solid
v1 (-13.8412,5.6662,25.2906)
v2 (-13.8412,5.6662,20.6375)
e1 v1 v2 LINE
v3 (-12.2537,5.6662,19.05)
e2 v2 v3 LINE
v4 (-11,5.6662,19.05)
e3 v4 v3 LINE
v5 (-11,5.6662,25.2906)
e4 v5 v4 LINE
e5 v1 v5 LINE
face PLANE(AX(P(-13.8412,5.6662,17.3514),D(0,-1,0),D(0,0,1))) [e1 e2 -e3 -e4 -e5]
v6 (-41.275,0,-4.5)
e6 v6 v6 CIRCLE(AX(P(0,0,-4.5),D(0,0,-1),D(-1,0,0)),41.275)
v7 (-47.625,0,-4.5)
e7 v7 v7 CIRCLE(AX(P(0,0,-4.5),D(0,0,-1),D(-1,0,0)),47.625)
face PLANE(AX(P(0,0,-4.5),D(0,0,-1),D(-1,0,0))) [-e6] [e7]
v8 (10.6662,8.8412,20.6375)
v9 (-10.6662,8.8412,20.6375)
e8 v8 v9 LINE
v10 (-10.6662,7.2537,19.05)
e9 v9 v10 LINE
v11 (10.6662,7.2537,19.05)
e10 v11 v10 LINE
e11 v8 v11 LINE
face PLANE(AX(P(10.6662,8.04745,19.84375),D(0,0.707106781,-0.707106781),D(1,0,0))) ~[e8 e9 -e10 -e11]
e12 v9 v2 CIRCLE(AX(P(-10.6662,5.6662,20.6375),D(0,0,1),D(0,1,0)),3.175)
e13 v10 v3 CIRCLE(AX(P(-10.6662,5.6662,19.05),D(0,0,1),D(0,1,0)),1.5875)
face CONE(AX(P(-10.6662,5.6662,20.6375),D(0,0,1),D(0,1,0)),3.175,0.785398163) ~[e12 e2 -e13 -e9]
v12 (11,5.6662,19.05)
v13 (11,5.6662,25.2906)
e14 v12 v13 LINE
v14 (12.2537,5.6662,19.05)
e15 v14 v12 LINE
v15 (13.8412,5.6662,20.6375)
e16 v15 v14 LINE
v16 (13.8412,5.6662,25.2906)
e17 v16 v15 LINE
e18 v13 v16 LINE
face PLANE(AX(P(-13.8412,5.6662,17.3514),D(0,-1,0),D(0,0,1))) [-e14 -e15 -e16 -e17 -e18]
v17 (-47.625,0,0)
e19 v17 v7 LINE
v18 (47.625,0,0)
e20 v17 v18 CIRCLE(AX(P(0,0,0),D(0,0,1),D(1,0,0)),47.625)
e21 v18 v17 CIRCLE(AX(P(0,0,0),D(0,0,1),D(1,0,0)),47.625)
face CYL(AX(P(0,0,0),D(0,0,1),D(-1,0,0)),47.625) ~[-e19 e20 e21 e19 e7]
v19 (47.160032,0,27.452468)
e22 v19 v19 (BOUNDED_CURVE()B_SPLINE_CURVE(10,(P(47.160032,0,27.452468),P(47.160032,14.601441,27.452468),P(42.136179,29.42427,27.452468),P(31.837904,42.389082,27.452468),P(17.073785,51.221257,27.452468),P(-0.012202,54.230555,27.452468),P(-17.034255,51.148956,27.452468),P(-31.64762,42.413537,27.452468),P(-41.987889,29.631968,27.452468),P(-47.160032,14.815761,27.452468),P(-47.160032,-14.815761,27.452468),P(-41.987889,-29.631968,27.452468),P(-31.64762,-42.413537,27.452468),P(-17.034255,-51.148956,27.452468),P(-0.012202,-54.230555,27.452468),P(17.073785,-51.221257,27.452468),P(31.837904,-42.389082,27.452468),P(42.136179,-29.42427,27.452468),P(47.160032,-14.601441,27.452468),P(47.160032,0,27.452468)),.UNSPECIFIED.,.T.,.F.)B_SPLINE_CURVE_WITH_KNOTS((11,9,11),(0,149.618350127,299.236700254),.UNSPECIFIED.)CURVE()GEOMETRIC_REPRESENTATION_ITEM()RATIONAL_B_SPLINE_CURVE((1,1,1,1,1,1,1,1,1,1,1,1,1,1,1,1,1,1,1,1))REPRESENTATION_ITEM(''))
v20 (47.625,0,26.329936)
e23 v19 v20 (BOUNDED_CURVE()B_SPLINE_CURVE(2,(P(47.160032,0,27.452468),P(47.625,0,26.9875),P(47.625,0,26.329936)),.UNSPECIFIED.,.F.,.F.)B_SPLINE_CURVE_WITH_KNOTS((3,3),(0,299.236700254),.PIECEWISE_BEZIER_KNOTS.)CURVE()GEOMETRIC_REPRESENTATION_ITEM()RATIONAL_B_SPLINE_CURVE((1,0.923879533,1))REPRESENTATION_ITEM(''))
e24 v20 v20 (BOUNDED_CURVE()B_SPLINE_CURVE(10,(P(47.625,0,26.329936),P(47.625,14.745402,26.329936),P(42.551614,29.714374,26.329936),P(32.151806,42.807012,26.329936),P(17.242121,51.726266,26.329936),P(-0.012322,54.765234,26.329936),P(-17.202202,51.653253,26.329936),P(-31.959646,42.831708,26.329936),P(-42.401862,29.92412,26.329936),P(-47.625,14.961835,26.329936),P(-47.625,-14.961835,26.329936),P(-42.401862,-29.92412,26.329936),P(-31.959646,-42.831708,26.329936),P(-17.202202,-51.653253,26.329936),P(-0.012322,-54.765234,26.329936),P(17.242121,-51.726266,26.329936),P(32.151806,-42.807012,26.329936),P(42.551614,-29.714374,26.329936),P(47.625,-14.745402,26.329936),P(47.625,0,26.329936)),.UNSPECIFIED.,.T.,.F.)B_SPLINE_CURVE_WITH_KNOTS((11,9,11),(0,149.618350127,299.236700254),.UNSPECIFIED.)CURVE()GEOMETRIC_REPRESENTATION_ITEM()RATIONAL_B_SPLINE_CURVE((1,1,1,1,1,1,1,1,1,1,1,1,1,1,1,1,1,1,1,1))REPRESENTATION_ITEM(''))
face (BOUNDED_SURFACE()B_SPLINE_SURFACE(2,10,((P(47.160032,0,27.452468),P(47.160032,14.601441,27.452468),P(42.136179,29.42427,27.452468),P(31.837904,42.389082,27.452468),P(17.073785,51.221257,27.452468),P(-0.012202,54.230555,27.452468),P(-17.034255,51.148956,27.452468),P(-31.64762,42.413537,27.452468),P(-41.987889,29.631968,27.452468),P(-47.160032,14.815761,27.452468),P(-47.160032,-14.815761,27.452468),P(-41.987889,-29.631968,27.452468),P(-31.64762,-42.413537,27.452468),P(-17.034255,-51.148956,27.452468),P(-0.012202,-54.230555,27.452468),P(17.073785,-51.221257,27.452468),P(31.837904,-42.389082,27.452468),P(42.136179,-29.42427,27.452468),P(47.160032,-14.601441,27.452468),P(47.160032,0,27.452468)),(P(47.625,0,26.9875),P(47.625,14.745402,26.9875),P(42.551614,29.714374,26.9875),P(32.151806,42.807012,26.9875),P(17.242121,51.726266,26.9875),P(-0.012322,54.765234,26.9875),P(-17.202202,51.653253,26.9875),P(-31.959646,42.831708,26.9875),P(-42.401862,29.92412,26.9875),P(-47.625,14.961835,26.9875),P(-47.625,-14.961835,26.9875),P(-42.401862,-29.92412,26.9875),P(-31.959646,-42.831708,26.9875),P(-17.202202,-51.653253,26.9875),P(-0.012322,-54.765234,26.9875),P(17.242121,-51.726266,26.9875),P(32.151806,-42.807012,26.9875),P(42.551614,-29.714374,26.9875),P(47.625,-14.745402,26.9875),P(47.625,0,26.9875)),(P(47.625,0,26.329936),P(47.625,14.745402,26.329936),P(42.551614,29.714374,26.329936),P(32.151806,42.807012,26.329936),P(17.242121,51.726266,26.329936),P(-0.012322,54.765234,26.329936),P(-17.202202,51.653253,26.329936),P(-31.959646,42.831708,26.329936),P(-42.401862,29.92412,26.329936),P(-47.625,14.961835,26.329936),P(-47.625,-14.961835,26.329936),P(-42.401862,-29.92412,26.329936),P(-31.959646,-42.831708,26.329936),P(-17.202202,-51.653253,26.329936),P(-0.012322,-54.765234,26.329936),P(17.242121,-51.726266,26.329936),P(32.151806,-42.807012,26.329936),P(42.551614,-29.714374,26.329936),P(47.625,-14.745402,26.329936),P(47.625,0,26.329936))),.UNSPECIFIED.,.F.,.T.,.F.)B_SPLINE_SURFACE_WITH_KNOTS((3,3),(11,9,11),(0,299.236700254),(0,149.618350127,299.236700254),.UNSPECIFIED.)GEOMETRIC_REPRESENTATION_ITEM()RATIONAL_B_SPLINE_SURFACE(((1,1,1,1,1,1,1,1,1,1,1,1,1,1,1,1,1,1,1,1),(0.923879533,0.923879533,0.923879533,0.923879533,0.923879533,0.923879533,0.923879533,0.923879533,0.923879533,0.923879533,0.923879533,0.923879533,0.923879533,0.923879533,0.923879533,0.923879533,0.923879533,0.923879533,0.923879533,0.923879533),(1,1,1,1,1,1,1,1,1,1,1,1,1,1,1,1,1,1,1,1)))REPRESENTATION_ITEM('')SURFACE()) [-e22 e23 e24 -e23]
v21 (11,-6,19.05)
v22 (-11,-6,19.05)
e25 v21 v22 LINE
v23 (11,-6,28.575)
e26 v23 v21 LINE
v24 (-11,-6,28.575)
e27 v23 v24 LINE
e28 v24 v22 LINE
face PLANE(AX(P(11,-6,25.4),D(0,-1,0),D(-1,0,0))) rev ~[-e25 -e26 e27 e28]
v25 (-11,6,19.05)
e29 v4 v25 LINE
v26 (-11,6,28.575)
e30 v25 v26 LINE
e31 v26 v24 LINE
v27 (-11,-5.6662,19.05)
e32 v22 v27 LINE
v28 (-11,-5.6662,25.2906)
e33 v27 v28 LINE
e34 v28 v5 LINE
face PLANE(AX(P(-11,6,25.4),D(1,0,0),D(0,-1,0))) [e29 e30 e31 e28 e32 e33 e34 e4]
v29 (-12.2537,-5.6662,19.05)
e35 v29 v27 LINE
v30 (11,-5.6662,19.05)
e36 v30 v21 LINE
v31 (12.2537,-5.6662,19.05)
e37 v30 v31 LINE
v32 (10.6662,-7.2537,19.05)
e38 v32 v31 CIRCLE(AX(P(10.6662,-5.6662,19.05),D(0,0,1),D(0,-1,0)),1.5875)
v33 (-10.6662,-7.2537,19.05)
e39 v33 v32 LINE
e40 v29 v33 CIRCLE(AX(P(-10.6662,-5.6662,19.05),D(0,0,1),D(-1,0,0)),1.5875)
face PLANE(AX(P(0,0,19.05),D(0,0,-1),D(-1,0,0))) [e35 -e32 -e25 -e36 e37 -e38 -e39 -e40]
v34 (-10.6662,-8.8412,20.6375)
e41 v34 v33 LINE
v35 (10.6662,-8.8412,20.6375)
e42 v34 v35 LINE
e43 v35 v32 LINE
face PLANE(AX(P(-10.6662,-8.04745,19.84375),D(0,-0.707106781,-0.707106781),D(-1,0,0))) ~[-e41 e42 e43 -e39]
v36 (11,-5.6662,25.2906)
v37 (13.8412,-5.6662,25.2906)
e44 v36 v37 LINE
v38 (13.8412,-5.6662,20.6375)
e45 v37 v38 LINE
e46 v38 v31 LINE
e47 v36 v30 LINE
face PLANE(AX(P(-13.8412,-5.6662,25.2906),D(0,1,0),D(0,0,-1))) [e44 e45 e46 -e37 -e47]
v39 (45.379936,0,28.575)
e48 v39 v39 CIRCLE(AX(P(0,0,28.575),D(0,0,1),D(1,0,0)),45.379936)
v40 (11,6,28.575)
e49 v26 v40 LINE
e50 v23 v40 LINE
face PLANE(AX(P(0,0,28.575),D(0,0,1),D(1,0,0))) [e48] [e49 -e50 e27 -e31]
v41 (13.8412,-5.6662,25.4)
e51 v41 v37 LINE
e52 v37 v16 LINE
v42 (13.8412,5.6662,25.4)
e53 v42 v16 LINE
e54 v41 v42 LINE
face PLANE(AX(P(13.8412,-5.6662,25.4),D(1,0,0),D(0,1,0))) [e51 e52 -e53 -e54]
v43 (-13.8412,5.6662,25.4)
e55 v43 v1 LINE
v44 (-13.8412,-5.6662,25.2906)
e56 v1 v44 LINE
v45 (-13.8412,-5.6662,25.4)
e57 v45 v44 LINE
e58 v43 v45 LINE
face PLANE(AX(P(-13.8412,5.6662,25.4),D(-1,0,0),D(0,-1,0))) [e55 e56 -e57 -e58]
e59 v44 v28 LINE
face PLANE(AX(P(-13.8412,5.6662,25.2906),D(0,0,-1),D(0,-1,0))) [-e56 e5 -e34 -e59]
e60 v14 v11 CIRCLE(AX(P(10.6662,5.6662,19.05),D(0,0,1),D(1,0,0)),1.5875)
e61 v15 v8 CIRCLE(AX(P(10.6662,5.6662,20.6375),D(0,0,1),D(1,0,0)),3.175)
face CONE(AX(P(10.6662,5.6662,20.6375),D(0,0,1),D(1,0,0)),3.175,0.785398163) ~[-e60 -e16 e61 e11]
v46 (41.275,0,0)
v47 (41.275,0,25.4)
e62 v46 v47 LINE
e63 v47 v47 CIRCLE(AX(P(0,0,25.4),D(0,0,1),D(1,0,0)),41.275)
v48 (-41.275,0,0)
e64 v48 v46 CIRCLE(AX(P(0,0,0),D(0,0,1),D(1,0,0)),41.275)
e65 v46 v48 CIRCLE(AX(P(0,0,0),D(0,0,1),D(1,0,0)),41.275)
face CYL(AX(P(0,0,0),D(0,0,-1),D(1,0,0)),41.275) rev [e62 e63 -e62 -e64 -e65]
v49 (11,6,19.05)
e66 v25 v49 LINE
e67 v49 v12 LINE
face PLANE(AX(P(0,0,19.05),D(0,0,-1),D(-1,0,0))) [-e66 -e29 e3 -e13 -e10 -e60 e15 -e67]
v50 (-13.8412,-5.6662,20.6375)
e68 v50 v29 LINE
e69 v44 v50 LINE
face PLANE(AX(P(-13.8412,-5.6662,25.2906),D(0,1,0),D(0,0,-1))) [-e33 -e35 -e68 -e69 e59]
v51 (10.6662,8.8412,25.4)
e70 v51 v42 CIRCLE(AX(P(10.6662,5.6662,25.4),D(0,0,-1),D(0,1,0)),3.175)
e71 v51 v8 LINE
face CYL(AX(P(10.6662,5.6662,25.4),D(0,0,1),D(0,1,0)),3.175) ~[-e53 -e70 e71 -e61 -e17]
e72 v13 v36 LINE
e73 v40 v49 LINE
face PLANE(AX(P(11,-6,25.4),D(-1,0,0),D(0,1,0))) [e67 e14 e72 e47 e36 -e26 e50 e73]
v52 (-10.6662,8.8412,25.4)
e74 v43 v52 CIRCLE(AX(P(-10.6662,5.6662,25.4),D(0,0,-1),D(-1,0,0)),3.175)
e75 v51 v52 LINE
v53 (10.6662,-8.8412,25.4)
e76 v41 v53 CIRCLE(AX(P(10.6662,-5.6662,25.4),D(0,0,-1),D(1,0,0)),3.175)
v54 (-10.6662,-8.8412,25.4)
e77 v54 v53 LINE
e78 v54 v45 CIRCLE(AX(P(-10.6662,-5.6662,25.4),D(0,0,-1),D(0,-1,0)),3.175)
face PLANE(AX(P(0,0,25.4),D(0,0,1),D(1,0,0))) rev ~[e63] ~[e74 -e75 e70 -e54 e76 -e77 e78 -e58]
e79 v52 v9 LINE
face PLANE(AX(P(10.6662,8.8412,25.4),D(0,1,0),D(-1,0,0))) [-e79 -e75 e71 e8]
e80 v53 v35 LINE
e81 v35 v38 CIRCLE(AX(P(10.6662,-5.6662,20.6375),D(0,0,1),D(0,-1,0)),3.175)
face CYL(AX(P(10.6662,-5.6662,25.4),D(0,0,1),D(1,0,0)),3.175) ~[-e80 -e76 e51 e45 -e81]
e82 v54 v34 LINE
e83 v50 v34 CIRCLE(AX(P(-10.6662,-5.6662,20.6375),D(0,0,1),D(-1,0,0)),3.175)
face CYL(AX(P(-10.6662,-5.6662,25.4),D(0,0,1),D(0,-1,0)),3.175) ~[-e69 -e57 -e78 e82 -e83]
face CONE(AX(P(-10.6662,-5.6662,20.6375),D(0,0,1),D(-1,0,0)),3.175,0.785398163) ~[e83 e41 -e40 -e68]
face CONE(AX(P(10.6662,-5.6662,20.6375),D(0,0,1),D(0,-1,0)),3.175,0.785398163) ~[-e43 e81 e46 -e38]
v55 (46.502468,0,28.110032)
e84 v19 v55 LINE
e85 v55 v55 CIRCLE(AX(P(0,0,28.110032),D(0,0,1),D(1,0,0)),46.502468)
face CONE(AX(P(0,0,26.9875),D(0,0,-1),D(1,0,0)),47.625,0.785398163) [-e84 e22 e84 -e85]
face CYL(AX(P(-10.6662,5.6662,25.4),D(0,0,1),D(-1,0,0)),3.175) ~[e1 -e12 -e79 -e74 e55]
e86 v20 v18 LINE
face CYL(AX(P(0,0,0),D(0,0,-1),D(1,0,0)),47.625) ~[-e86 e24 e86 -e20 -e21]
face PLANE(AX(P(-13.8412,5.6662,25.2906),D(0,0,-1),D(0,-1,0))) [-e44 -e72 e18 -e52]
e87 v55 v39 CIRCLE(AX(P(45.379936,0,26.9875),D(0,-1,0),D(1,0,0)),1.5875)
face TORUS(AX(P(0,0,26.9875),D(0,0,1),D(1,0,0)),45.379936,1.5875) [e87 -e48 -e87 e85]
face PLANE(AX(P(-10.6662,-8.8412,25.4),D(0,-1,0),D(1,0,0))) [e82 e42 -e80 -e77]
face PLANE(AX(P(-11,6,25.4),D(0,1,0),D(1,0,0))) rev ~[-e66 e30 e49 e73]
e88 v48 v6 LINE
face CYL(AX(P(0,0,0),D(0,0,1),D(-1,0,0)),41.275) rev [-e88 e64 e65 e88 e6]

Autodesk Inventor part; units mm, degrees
ref_plane "YZ Plane" through (0, 0, 0) normal (1, 0, 0) x (0, 1, 0)
ref_plane "XZ Plane" through (0, 0, 0) normal (0, 1, 0) x (-1, 0, 0)
ref_plane "XY Plane" through (0, 0, 0) normal (0, 0, 1) x (1, 0, 0)
sketch "Sketch1" plane through (0, 0, 0) normal (0, 0, 1) x (1, 0, 0)
  circle A0 centre (0, 0) radius 41.275
  circle A1 centre (0, 0) radius 47.625
  dimension "d0" = 82.55
  dimension "d1" = 6.35
extrude "Extrusion1" add sketch "Sketch1" along normal blind 25.4
sketch "Sketch2" plane through (0, 0, 25.4) normal (0, 0, 1) x (1, 0, 0)
  circle A0 centre (0, 0) radius 47.625
extrude "Extrusion2" add sketch "Sketch2" along normal blind 3.175
sketch "Sketch3" plane through (0, 0, 25.4) normal (0, 0, -1) x (-1, 0, 0)
  line L0 (11, 6) -> (-11, 6)
  line L1 (-11, 6) -> (-11, -6)
  line L2 (-11, -6) -> (11, -6)
  line L3 (11, -6) -> (11, 6)
  line L4 (11, 6) -> (-11, -6) construction
  line L5 (-11, 6) -> (11, -6) construction
  line L6 (-10.6662, 8.8412) -> (10.6662, 8.8412)
  line L7 (13.8412, 5.6662) -> (13.8412, -5.6662)
  line L8 (10.6662, -8.8412) -> (-10.6662, -8.8412)
  line L9 (-13.8412, -5.6662) -> (-13.8412, 5.6662)
  arc A0 (-10.6662, 8.8412) -> (-13.8412, 5.6662) centre (-10.6662, 5.6662) ccw
  arc A1 (-13.8412, -5.6662) -> (-10.6662, -8.8412) centre (-10.6662, -5.6662) ccw
  arc A2 (10.6662, -8.8412) -> (13.8412, -5.6662) centre (10.6662, -5.6662) ccw
  arc A3 (13.8412, 5.6662) -> (10.6662, 8.8412) centre (10.6662, 5.6662) ccw
  point P0 (0, 0)
  dimension "d6" = 22
  dimension "d7" = 12
  dimension "d8" = 3.175
extrude "Extrusion3" add sketch "Sketch3" along normal blind 6.35
chamfer "Chamfer1" distance 1.5875 angle 45 8 edges at (0, 8.8412, 19.05) (12.9113, 7.9113, 19.05) (13.8412, 0, 19.05) (12.9113, -7.9113, 19.05) (0, -8.8412, 19.05) (-12.9113, -7.9113, 19.05) (-13.8412, 0, 19.05) (-12.9113, 7.9113, 19.05)
sketch "Sketch5" plane through (-13.8412, -5.6662, 25.4) normal (-1, 0, 0) x (0, 0, 1)
  line L0 (-0.1094, 0) -> (-8.0486, 0)
  line L1 (-8.0486, 0) -> (-8.0486, 11.3324)
  line L2 (-8.0486, 11.3324) -> (-0.1094, 11.3324)
  line L3 (-0.1094, 11.3324) -> (-0.1094, 0)
  point P0 (-25.4, 5.6662)
extrude "Extrusion5" cut sketch "Sketch5" against normal blind 28.575
sketch "Sketch6" plane through (0, 0, 0) normal (0, 0, -1) x (-1, 0, 0)
  circle A0 centre (0, 0) radius 47.625 projected
  circle A1 centre (0, 0) radius 41.275 projected
extrude "Extrusion6" add sketch "Sketch6" along normal blind 4.5
chamfer "Chamfer2" distance 1.5875 angle 45 1 edges at (-47.625, 0, 28.575)
fillet "Fillet2" radius 1.5875 1 edges at (-46.0375, 0, 28.575)
fillet "Fillet3" radius 1.5875 1 edges at (-47.625, 0, 26.9875)
sketch "Sketch7" plane through (0, 0, 25.4) normal (0, 0, -1) x (-1, 0, 0)
  circle A0 centre (0, 0) radius 41.275 projected
  line L0 (-10.6662, 8.8412) -> (10.6662, 8.8412) projected
  arc A1 (13.8412, 5.6662) -> (10.6662, 8.8412) centre (10.6662, 5.6662) ccw projected
  line L1 (13.8412, 5.6662) -> (13.8412, -5.6662) projected
  arc A2 (10.6662, -8.8412) -> (13.8412, -5.6662) centre (10.6662, -5.6662) ccw projected
  line L2 (10.6662, -8.8412) -> (-10.6662, -8.8412) projected
  arc A3 (-13.8412, -5.6662) -> (-10.6662, -8.8412) centre (-10.6662, -5.6662) ccw projected
  line L3 (-13.8412, -5.6662) -> (-13.8412, 5.6662) projected
  arc A4 (-10.6662, 8.8412) -> (-13.8412, 5.6662) centre (-10.6662, 5.6662) ccw projected
  line L4 (10.6662, 7.2537) -> (10.6662, 8.8412) projected
  arc A5 (12.2537, 5.6662) -> (10.6662, 7.2537) centre (10.6662, 5.6662) ccw projected
  line L5 (13.8412, 5.6662) -> (12.2537, 5.6662) projected
  arc A6 (13.8412, 5.6662) -> (10.6662, 8.8412) centre (10.6662, 5.6662) ccw projected
  line L6 (-10.6662, 7.2537) -> (10.6662, 7.2537) projected
  line L7 (-12.2537, 5.6662) -> (-11, 5.6662) projected
  line L8 (-11, 5.6662) -> (-11, 6) projected
  line L9 (-11, 6) -> (11, 6) projected
  line L10 (11, 6) -> (11, 5.6662) projected
  line L11 (11, 5.6662) -> (12.2537, 5.6662) projected
  arc A7 (12.2537, 5.6662) -> (10.6662, 7.2537) centre (10.6662, 5.6662) ccw projected
  line L12 (-10.6662, 7.2537) -> (10.6662, 7.2537) projected
  arc A8 (-10.6662, 7.2537) -> (-12.2537, 5.6662) centre (-10.6662, 5.6662) ccw projected
  line L13 (-10.6662, 8.8412) -> (-10.6662, 7.2537) projected
  line L14 (-10.6662, 7.2537) -> (10.6662, 7.2537) projected
  line L15 (10.6662, 7.2537) -> (10.6662, 8.8412) projected
  line L16 (10.6662, 8.8412) -> (-10.6662, 8.8412) projected
  line L17 (-11, 6) -> (11, 6) projected
  line L18 (10.6662, 8.8412) -> (-10.6662, 8.8412) projected
  line L19 (11, 5.6662) -> (12.2537, 5.6662) projected
  line L20 (10.6662, 8.8412) -> (-10.6662, 8.8412)
  line L21 (-10.6662, -8.8412) -> (10.6662, -8.8412) projected
  line L22 (10.6662, -8.8412) -> (-10.6662, -8.8412)
  arc A9 (13.8412, 5.6662) -> (10.6662, 8.8412) centre (10.6662, 5.6662) ccw projected
  arc A10 (13.8412, 5.6662) -> (10.6662, 8.8412) centre (10.6662, 5.6662) ccw
  line L23 (10.6662, -8.8412) -> (10.6662, -7.2537) projected
  arc A11 (10.6662, -8.8412) -> (13.8412, -5.6662) centre (10.6662, -5.6662) ccw
  arc A12 (-13.8412, -5.6662) -> (-10.6662, -8.8412) centre (-10.6662, -5.6662) ccw
  arc A13 (-10.6662, 8.8412) -> (-13.8412, 5.6662) centre (-10.6662, 5.6662) ccw projected
  arc A14 (-10.6662, 8.8412) -> (-13.8412, 5.6662) centre (-10.6662, 5.6662) ccw
  line L24 (11, -6) -> (11, 6) projected
  line L25 (11, 5.6662) -> (11, 6)
  line L26 (11, 6) -> (-11, 6)
  line L27 (-11, 5.6662) -> (-11, -5.6662) projected
  line L28 (-11, 6) -> (-11, 5.6662)
  line L29 (-11, 5.6662) -> (-13.8412, 5.6662)
  line L30 (-11, -5.6662) -> (-13.8412, -5.6662) projected
  line L31 (-13.8412, -5.6662) -> (-11, -5.6662)
  line L32 (-11, -6) -> (-11, -5.6662) projected
  line L33 (-11, -5.6662) -> (-11, -6)
  line L34 (-11, -6) -> (11, -6)
  line L35 (11, -5.6662) -> (11, -6) projected
  line L36 (11, -6) -> (11, -5.6662)
  line L37 (13.8412, -5.6662) -> (11, -5.6662) projected
  line L38 (11, -5.6662) -> (13.8412, -5.6662)
  line L39 (10.6662, 7.2537) -> (10.6662, 8.8412) projected
  arc A15 (13.8412, 5.6662) -> (10.6662, 8.8412) centre (10.6662, 5.6662) ccw
  arc A16 (-10.6662, 8.8412) -> (-13.8412, 5.6662) centre (-10.6662, 5.6662) ccw
  line L40 (10.6662, 8.8412) -> (-10.6662, 8.8412)
  line L41 (11, 6) -> (-11, 6)
  line L42 (-11, 5.6662) -> (-11, 6)
  line L43 (-13.8412, 5.6662) -> (-12.2537, 5.6662) projected
  line L44 (-11, 5.6662) -> (-13.8412, 5.6662)
  line L45 (13.8412, 5.6662) -> (13.8412, -5.6662) projected
  line L46 (13.8412, 5.6662) -> (11, 5.6662)
sketch "Sketch8" plane through (0, 0, 28.575) normal (0, 0, 1) x (1, 0, 0)
  line L0 (0, 0) -> (18.6341, 0)
  line L1 (18.6341, 0) -> (18.6341, -16.7894)
  line L2 (18.6341, -16.7894) -> (18.6341, 0)
  line L3 (18.6341, 0) -> (18.6341, 16.7894)
  line L4 (18.6341, 16.7894) -> (24.9841, 16.7894)
  line L5 (24.9841, 16.7894) -> (24.9841, -16.7894)
  line L6 (24.9841, -16.7894) -> (18.6341, -16.7894)
  dimension "d28" = 16.7894
  dimension "d29" = 6.35
  dimension "d30" = 33.5788
extrude "Extrusion7" add sketch "Sketch8" along normal blind 63.5
fillet "Fillet4" radius 3.175 3 edges at (24.9841, 0, 92.075) (21.8091, -16.7894, 92.075) (21.8091, 16.7894, 92.075)
sketch "Sketch10" plane through (0, 0, 25.4) normal (0, 0, -1) x (-1, 0, 0)
  line L0 (11, 6) -> (-11, 6) projected
  line L1 (-11, -6) -> (11, -6) projected
  line L2 (-11, 6) -> (11, 6)
  line L3 (11, 6) -> (11, -6)
  line L4 (11, -6) -> (-11, -6)
  line L5 (-11, -6) -> (-11, 6)
  point P0 (0, 0)
extrude "Extrusion9" cut sketch "Sketch10" against normal up to surface (3.175 mm away)
sketch "Sketch11" plane through (18.6341, -16.7894, 28.575) normal (-1, 0, 0) x (0, 0, 1)
  line L0 (48.8213, 27.8052) -> (49.1551, 27.8061) projected
  line L1 (37.2166, 5.7727) -> (37.1859, 16.7726) projected
  line L2 (49.1551, 27.8061) -> (37.2166, 27.8061)
  line L3 (37.2166, 27.8061) -> (37.2166, 5.7727)
  line L4 (37.2166, 5.7727) -> (49.1551, 5.7727)
  line L5 (49.1551, 5.7727) -> (49.1551, 27.8061)
  point P0 (-28.575, 16.7894)
extrude "Extrusion10" cut sketch "Sketch11" against normal up to surface (6.35 mm away)
sketch "Sketch12" plane through (18.6341, -16.7894, 28.575) normal (-1, 0, 0) x (0, 0, 1)
  line L0 (37.2166, 5.7727) -> (37.2166, 27.8061) projected
  line L1 (37.2166, 27.8061) -> (49.1551, 27.8061) projected
  line L2 (49.1551, 27.8061) -> (49.1551, 5.7727) projected
  line L3 (49.1551, 5.7727) -> (37.2166, 5.7727) projected
  arc A0 (63.5, 30.4038) -> (60.325, 33.5788) centre (60.325, 30.4038) ccw projected
  line L4 (0, 33.5788) -> (60.325, 33.5788) projected
  line L5 (0, 0) -> (0, 33.5788) projected
  line L6 (0, 0) -> (60.325, 0) projected
  arc A1 (60.325, 0) -> (63.5, 3.175) centre (60.325, 3.175) ccw projected
  line L7 (63.5, 30.4038) -> (63.5, 3.175) projected
  line L8 (37.2166, 27.8061) -> (37.2166, 5.7727) projected
  line L9 (49.1551, 27.8061) -> (37.2166, 27.8061)
  line L10 (37.2166, 27.8061) -> (37.2166, 5.7727)
  line L11 (37.2166, 5.7727) -> (49.1551, 5.7727)
  line L12 (49.1551, 5.7727) -> (49.1551, 27.8061)
  point P0 (-28.575, 16.7894)
sketch "Sketch13" plane through (0, 0, 92.075) normal (0, 0, 1) x (1, 0, 0)
  circle A0 centre (0, 0) radius 41.275 projected
  line L0 (34.9461, 21.9635) -> (13.1232, 21.9635)
  line L1 (13.1232, 21.9635) -> (13.1232, -23.4108)
  line L2 (13.1232, -23.4108) -> (34.9461, -23.4108)
  line L3 (34.9461, -23.4108) -> (34.9461, 21.9635)
  point P0 (33.9936, -23.4108)
  point P1 (34.9461, -21.9635)
extrude "Extrusion11" cut sketch "Sketch13" against normal up to surface (63.5 mm away) contours L3 A0 L2 L1 L0
properties part number "Base"
